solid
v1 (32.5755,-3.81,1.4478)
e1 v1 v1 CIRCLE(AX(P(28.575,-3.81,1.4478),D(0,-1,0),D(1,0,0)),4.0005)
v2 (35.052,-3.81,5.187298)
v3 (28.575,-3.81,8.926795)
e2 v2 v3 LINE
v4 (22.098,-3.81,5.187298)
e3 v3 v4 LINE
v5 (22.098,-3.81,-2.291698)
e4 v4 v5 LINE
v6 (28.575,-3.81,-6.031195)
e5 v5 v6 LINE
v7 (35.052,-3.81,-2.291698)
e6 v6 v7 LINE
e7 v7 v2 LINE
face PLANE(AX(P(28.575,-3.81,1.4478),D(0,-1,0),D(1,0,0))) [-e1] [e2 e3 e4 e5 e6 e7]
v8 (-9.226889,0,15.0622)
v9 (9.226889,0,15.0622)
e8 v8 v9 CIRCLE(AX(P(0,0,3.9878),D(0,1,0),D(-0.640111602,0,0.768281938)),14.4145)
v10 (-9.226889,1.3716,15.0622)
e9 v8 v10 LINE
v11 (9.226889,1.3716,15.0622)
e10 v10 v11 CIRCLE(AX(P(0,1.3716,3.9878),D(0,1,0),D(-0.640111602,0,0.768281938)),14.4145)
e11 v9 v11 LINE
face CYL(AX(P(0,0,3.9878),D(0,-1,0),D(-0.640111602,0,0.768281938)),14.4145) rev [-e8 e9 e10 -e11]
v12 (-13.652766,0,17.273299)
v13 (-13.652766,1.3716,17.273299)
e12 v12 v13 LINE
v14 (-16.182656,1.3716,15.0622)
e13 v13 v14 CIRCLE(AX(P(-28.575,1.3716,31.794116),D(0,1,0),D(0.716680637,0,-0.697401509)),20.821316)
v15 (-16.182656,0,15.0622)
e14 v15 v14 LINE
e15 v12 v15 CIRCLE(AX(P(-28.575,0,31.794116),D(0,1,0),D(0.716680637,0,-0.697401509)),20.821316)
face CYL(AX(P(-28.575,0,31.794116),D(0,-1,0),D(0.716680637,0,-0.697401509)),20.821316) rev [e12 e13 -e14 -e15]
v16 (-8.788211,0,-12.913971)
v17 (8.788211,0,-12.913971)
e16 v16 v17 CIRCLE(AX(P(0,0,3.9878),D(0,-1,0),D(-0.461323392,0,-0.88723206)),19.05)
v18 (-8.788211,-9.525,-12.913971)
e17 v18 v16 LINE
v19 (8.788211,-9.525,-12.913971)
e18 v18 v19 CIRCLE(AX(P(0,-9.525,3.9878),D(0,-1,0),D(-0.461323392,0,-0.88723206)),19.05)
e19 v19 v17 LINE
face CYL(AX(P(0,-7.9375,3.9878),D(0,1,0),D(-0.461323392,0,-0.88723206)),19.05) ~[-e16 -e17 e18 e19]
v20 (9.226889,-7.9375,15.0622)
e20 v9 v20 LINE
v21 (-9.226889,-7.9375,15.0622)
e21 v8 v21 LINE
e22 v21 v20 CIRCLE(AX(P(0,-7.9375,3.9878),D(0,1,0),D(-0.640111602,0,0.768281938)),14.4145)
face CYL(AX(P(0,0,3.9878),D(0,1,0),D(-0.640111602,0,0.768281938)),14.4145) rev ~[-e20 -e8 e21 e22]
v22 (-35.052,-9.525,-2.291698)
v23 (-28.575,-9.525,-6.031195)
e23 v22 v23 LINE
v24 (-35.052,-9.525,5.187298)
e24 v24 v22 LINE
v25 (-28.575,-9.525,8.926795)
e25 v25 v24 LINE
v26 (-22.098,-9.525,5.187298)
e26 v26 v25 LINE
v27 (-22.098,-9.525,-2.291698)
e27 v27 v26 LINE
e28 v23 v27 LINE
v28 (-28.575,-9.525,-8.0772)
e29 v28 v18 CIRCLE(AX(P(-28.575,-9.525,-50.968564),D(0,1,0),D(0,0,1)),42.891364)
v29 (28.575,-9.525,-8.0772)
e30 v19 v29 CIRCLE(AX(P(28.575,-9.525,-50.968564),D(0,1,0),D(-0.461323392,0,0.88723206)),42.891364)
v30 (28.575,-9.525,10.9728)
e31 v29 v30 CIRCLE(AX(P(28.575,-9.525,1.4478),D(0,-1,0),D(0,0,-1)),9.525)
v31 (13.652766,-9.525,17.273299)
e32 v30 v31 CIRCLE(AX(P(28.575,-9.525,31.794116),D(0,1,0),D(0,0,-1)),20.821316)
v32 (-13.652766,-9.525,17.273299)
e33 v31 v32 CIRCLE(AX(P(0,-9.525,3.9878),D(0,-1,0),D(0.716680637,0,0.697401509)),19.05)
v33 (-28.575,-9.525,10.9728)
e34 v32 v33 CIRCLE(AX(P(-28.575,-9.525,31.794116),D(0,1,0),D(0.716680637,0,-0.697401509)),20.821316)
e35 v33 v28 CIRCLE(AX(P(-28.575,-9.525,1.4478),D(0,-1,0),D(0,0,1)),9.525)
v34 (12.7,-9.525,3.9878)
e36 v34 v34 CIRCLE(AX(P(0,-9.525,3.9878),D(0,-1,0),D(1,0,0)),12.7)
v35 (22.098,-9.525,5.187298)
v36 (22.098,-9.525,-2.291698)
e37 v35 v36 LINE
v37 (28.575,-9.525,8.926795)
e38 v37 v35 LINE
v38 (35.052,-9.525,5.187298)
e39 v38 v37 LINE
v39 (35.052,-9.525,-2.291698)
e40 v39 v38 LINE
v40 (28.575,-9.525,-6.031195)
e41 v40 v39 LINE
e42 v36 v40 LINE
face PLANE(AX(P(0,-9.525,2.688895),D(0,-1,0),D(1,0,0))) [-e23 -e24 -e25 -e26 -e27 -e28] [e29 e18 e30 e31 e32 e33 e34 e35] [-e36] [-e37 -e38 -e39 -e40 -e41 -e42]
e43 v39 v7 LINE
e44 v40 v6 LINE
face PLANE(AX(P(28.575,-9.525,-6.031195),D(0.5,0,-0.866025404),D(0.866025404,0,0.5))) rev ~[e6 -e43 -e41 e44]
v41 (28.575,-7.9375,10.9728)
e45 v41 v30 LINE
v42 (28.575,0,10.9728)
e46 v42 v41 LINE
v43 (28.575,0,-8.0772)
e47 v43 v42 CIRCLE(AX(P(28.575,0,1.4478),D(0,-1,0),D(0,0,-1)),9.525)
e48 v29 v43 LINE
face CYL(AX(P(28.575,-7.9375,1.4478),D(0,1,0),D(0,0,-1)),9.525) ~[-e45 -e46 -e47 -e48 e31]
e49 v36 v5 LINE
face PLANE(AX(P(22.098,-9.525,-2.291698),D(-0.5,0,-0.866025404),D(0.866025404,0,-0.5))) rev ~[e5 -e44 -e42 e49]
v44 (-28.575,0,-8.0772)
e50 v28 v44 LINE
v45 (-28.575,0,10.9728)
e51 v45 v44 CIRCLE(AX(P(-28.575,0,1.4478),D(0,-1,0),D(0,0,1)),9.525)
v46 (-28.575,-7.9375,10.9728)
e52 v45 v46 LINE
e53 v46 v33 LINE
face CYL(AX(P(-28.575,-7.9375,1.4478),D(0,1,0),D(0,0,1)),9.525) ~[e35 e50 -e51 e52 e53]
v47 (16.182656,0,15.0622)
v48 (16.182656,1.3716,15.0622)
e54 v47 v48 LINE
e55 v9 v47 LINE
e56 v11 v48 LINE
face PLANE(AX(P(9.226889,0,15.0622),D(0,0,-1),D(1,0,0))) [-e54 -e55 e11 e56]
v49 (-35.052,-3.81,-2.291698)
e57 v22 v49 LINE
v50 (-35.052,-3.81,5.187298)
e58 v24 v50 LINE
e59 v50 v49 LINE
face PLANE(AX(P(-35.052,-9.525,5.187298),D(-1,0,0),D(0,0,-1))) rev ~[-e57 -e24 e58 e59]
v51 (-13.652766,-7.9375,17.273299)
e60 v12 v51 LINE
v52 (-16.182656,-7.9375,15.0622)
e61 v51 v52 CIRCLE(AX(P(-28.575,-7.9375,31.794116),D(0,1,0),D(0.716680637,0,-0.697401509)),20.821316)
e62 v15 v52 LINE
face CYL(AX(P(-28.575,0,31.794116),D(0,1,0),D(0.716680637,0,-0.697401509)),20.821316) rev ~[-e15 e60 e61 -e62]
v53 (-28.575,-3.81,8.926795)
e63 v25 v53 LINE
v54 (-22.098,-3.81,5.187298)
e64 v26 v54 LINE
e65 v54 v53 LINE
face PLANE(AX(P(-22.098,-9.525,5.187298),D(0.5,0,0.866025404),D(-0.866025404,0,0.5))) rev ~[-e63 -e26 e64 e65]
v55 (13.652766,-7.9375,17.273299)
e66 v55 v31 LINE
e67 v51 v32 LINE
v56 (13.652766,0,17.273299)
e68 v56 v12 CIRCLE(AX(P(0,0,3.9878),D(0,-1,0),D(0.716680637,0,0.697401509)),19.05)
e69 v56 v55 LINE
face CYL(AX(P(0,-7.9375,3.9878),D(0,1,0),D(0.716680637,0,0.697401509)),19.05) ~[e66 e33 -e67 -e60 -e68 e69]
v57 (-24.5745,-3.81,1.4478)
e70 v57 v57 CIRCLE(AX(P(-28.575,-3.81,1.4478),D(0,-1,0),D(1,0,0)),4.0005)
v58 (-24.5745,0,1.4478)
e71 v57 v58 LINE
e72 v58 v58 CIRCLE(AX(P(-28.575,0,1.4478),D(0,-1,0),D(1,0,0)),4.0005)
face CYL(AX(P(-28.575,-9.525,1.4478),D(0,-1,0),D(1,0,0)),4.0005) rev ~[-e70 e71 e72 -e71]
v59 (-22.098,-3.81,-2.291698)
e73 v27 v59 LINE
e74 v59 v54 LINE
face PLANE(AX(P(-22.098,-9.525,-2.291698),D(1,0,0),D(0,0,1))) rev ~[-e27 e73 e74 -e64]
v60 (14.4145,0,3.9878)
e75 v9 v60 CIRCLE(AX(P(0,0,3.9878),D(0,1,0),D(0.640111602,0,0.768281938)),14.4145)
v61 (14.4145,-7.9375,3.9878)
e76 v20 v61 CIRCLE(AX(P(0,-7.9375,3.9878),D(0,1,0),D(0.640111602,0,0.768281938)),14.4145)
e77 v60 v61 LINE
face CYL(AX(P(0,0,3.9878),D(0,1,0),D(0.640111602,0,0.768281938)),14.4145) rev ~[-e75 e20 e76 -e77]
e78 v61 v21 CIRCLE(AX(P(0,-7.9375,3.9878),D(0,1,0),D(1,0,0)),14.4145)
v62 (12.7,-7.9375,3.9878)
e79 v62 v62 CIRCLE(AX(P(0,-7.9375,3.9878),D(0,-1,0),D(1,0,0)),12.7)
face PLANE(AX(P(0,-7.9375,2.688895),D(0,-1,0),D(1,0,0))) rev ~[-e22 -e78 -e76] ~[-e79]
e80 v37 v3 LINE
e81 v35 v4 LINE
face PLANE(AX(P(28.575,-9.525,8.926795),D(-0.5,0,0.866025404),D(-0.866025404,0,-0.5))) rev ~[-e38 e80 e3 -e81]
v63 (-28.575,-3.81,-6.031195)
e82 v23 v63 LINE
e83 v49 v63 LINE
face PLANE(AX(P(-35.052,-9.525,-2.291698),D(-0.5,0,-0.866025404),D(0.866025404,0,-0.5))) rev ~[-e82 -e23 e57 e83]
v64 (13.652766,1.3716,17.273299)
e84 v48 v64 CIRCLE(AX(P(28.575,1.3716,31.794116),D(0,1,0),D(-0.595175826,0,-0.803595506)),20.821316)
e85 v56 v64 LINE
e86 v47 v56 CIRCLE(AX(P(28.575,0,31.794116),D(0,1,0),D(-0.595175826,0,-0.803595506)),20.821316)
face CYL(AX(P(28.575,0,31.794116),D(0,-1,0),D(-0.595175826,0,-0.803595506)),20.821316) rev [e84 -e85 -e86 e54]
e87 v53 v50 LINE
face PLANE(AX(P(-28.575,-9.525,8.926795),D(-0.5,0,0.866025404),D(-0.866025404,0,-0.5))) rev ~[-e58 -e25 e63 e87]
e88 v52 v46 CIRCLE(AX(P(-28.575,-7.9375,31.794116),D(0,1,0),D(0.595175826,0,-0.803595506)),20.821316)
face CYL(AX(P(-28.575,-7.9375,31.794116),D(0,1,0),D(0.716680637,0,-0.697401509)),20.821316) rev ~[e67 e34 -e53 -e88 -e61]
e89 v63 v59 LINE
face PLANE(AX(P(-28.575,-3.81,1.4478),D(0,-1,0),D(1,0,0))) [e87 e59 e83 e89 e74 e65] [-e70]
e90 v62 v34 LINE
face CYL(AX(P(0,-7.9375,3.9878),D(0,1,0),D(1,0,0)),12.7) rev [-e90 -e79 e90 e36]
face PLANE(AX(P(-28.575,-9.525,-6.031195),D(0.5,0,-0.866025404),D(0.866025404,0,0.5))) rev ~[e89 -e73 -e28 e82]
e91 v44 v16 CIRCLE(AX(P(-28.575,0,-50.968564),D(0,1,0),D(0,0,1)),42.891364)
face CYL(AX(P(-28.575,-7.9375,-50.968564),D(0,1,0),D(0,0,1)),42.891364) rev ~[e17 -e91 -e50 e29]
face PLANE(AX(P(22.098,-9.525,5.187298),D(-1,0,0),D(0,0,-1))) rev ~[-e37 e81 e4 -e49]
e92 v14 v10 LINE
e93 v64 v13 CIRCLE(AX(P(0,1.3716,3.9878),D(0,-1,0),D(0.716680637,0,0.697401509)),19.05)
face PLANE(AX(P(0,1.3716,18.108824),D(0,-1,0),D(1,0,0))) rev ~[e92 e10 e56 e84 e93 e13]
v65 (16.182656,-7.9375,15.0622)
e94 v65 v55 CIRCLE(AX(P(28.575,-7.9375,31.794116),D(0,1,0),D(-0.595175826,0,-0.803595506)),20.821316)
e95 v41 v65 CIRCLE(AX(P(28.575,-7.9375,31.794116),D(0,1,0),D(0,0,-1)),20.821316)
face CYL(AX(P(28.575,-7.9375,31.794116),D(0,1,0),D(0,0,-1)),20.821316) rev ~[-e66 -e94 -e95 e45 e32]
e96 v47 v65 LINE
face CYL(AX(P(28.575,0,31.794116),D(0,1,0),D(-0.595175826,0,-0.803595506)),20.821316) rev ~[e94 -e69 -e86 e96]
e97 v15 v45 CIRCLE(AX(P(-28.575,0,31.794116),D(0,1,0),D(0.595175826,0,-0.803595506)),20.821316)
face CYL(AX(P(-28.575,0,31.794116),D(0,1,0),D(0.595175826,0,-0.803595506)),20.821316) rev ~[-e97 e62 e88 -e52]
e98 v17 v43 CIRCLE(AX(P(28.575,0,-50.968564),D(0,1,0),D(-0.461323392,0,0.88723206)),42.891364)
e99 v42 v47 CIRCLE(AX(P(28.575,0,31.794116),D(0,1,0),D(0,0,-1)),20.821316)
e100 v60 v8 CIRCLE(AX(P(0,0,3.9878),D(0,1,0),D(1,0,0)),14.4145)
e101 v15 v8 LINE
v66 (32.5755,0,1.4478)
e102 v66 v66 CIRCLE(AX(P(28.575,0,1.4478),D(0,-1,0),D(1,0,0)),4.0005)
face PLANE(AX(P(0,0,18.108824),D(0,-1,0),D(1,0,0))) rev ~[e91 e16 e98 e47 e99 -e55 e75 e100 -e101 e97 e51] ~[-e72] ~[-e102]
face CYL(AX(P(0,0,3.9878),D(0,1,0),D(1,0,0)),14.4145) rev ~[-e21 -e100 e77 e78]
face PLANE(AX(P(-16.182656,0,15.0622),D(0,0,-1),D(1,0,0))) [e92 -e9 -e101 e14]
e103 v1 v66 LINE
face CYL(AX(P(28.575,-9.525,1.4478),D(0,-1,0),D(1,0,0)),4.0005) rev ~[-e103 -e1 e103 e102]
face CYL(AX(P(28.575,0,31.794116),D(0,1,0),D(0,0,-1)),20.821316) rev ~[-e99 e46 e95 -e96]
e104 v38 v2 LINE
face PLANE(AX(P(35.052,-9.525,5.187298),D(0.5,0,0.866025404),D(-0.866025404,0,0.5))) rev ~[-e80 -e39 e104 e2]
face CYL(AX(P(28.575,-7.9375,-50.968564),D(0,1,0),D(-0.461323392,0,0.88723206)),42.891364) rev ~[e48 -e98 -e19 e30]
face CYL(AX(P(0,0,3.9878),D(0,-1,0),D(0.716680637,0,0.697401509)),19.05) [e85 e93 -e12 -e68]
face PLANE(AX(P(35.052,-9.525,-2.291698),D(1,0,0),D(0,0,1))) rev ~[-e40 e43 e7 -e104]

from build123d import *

# Parameters (mm, degrees)
F2_DEPTH = 7.9375
F3_R     = 14.4145
F3_R_2   = 12.7
F4_DEPTH = 1.5875
F5_R     = 4.0005
F6_DEPTH = 5.715
F7_DEPTH = 9.526
F8_DEPTH = 1.3716


with BuildPart() as f2:
    # F1 (on Front) → F2 (new body)
    with BuildSketch(Plane.XZ):
        with BuildLine():
            ThreePointArc((-9.2268886896, 15.0622), (0, 18.4023), (9.2268886896, 15.0622))
            Line((9.2268886896, 15.0622), (16.1826561854, 15.0622))
            ThreePointArc((16.1826561854, 15.0622), (14.8730374451, 16.1166346988), (13.6527661358, 17.2732987427))
            ThreePointArc((13.6527661358, 17.2732987427), (0, 23.0378), (-13.6527661358, 17.2732987427))
            ThreePointArc((-13.6527661358, 17.2732987427), (-14.8730374451, 16.1166346988), (-16.1826561854, 15.0622))
            Line((-16.1826561854, 15.0622), (-9.2268886896, 15.0622))
        make_face()
        with BuildLine():
            ThreePointArc((9.2268886896, 15.0622), (13.0533290249, 10.1024064155), (14.4145, 3.9878))
            ThreePointArc((14.4145, 3.9878), (-6.1146064155, -9.0655290249), (-9.2268886896, 15.0622))
            Line((-9.2268886896, 15.0622), (-16.1826561854, 15.0622))
            ThreePointArc((-16.1826561854, 15.0622), (-22.0501747614, 12.0215629242), (-28.575, 10.9728))
            ThreePointArc((-28.575, 10.9728), (-38.1, 1.4478), (-28.575, -8.0772))
            ThreePointArc((-28.575, -8.0772), (-18.3903131498, -9.3039356127), (-8.7882106244, -12.9139707363))
            ThreePointArc((-8.7882106244, -12.9139707363), (0, -15.0622), (8.7882106244, -12.9139707363))
            ThreePointArc((8.7882106244, -12.9139707363), (18.3903131498, -9.3039356127), (28.575, -8.0772))
            ThreePointArc((28.575, -8.0772), (38.1, 1.4478), (28.575, 10.9728))
            ThreePointArc((28.575, 10.9728), (22.0501747614, 12.0215629242), (16.1826561854, 15.0622))
            Line((16.1826561854, 15.0622), (9.2268886896, 15.0622))
        make_face()
    extrude(amount=F2_DEPTH)

    # F3 (on face) → F4 (join)
    with BuildSketch(Plane.XZ.offset(7.9375)):
        with BuildLine():
            ThreePointArc((28.575, -8.0772), (38.1, 1.4478), (28.575, 10.9728))
            ThreePointArc((28.575, 10.9728), (20.4760903835, 12.6124877504), (13.6527661358, 17.2732987427))
            ThreePointArc((13.6527661358, 17.2732987427), (0, 23.0378), (-13.6527661358, 17.2732987427))
            ThreePointArc((-13.6527661358, 17.2732987427), (-20.4760903835, 12.6124877504), (-28.575, 10.9728))
            ThreePointArc((-28.575, 10.9728), (-38.1, 1.4478), (-28.575, -8.0772))
            ThreePointArc((-28.575, -8.0772), (-18.3903131498, -9.3039356127), (-8.7882106244, -12.9139707363))
            ThreePointArc((-8.7882106244, -12.9139707363), (0, -15.0622), (8.7882106244, -12.9139707363))
            ThreePointArc((8.7882106244, -12.9139707363), (18.3903131498, -9.3039356127), (28.575, -8.0772))
        make_face()
        with Locations((0, 3.9878)):
            Circle(F3_R, mode=Mode.SUBTRACT)
        with Locations((0, 3.9878)):
            Circle(F3_R)
        with Locations((0, 3.9878)):
            Circle(F3_R_2, mode=Mode.SUBTRACT)
    extrude(amount=F4_DEPTH)

    # F5 (on face) → F6 (cut)
    with BuildSketch(Plane.XZ.offset(9.525)):
        Polygon((-22.098, -2.2916976935), (-22.098, 5.1872976935), (-28.575, 8.9267953871), (-35.052, 5.1872976935), (-35.052, -2.2916976935), (-28.575, -6.0311953871), align=None)
        with Locations((-28.575, 1.4478)):
            Circle(F5_R, mode=Mode.SUBTRACT)
        Polygon((22.098, 5.1872976935), (22.098, -2.2916976935), (28.575, -6.0311953871), (35.052, -2.2916976935), (35.052, 5.1872976935), (28.575, 8.9267953871), align=None)
        with Locations((28.575, 1.4478)):
            Circle(F5_R, mode=Mode.SUBTRACT)
    extrude(amount=-F6_DEPTH, mode=Mode.SUBTRACT)

    # F7 (cut, through all): faces of the model
    f7_faces = [f2.faces().sort_by_distance(p)[0] for p in [
        (-28.575, -9.525, 1.4478),
        (28.575, -9.525, 1.4478),
    ]]
    extrude(f7_faces, amount=-F7_DEPTH, mode=Mode.SUBTRACT)

    # F1 (on Front) → F8 (join)
    with BuildSketch(Plane.XZ):
        with BuildLine():
            ThreePointArc((-9.2268886896, 15.0622), (0, 18.4023), (9.2268886896, 15.0622))
            Line((9.2268886896, 15.0622), (16.1826561854, 15.0622))
            ThreePointArc((16.1826561854, 15.0622), (14.8730374451, 16.1166346988), (13.6527661358, 17.2732987427))
            ThreePointArc((13.6527661358, 17.2732987427), (0, 23.0378), (-13.6527661358, 17.2732987427))
            ThreePointArc((-13.6527661358, 17.2732987427), (-14.8730374451, 16.1166346988), (-16.1826561854, 15.0622))
            Line((-16.1826561854, 15.0622), (-9.2268886896, 15.0622))
        make_face()
    extrude(amount=-F8_DEPTH)


solid = f2.part
